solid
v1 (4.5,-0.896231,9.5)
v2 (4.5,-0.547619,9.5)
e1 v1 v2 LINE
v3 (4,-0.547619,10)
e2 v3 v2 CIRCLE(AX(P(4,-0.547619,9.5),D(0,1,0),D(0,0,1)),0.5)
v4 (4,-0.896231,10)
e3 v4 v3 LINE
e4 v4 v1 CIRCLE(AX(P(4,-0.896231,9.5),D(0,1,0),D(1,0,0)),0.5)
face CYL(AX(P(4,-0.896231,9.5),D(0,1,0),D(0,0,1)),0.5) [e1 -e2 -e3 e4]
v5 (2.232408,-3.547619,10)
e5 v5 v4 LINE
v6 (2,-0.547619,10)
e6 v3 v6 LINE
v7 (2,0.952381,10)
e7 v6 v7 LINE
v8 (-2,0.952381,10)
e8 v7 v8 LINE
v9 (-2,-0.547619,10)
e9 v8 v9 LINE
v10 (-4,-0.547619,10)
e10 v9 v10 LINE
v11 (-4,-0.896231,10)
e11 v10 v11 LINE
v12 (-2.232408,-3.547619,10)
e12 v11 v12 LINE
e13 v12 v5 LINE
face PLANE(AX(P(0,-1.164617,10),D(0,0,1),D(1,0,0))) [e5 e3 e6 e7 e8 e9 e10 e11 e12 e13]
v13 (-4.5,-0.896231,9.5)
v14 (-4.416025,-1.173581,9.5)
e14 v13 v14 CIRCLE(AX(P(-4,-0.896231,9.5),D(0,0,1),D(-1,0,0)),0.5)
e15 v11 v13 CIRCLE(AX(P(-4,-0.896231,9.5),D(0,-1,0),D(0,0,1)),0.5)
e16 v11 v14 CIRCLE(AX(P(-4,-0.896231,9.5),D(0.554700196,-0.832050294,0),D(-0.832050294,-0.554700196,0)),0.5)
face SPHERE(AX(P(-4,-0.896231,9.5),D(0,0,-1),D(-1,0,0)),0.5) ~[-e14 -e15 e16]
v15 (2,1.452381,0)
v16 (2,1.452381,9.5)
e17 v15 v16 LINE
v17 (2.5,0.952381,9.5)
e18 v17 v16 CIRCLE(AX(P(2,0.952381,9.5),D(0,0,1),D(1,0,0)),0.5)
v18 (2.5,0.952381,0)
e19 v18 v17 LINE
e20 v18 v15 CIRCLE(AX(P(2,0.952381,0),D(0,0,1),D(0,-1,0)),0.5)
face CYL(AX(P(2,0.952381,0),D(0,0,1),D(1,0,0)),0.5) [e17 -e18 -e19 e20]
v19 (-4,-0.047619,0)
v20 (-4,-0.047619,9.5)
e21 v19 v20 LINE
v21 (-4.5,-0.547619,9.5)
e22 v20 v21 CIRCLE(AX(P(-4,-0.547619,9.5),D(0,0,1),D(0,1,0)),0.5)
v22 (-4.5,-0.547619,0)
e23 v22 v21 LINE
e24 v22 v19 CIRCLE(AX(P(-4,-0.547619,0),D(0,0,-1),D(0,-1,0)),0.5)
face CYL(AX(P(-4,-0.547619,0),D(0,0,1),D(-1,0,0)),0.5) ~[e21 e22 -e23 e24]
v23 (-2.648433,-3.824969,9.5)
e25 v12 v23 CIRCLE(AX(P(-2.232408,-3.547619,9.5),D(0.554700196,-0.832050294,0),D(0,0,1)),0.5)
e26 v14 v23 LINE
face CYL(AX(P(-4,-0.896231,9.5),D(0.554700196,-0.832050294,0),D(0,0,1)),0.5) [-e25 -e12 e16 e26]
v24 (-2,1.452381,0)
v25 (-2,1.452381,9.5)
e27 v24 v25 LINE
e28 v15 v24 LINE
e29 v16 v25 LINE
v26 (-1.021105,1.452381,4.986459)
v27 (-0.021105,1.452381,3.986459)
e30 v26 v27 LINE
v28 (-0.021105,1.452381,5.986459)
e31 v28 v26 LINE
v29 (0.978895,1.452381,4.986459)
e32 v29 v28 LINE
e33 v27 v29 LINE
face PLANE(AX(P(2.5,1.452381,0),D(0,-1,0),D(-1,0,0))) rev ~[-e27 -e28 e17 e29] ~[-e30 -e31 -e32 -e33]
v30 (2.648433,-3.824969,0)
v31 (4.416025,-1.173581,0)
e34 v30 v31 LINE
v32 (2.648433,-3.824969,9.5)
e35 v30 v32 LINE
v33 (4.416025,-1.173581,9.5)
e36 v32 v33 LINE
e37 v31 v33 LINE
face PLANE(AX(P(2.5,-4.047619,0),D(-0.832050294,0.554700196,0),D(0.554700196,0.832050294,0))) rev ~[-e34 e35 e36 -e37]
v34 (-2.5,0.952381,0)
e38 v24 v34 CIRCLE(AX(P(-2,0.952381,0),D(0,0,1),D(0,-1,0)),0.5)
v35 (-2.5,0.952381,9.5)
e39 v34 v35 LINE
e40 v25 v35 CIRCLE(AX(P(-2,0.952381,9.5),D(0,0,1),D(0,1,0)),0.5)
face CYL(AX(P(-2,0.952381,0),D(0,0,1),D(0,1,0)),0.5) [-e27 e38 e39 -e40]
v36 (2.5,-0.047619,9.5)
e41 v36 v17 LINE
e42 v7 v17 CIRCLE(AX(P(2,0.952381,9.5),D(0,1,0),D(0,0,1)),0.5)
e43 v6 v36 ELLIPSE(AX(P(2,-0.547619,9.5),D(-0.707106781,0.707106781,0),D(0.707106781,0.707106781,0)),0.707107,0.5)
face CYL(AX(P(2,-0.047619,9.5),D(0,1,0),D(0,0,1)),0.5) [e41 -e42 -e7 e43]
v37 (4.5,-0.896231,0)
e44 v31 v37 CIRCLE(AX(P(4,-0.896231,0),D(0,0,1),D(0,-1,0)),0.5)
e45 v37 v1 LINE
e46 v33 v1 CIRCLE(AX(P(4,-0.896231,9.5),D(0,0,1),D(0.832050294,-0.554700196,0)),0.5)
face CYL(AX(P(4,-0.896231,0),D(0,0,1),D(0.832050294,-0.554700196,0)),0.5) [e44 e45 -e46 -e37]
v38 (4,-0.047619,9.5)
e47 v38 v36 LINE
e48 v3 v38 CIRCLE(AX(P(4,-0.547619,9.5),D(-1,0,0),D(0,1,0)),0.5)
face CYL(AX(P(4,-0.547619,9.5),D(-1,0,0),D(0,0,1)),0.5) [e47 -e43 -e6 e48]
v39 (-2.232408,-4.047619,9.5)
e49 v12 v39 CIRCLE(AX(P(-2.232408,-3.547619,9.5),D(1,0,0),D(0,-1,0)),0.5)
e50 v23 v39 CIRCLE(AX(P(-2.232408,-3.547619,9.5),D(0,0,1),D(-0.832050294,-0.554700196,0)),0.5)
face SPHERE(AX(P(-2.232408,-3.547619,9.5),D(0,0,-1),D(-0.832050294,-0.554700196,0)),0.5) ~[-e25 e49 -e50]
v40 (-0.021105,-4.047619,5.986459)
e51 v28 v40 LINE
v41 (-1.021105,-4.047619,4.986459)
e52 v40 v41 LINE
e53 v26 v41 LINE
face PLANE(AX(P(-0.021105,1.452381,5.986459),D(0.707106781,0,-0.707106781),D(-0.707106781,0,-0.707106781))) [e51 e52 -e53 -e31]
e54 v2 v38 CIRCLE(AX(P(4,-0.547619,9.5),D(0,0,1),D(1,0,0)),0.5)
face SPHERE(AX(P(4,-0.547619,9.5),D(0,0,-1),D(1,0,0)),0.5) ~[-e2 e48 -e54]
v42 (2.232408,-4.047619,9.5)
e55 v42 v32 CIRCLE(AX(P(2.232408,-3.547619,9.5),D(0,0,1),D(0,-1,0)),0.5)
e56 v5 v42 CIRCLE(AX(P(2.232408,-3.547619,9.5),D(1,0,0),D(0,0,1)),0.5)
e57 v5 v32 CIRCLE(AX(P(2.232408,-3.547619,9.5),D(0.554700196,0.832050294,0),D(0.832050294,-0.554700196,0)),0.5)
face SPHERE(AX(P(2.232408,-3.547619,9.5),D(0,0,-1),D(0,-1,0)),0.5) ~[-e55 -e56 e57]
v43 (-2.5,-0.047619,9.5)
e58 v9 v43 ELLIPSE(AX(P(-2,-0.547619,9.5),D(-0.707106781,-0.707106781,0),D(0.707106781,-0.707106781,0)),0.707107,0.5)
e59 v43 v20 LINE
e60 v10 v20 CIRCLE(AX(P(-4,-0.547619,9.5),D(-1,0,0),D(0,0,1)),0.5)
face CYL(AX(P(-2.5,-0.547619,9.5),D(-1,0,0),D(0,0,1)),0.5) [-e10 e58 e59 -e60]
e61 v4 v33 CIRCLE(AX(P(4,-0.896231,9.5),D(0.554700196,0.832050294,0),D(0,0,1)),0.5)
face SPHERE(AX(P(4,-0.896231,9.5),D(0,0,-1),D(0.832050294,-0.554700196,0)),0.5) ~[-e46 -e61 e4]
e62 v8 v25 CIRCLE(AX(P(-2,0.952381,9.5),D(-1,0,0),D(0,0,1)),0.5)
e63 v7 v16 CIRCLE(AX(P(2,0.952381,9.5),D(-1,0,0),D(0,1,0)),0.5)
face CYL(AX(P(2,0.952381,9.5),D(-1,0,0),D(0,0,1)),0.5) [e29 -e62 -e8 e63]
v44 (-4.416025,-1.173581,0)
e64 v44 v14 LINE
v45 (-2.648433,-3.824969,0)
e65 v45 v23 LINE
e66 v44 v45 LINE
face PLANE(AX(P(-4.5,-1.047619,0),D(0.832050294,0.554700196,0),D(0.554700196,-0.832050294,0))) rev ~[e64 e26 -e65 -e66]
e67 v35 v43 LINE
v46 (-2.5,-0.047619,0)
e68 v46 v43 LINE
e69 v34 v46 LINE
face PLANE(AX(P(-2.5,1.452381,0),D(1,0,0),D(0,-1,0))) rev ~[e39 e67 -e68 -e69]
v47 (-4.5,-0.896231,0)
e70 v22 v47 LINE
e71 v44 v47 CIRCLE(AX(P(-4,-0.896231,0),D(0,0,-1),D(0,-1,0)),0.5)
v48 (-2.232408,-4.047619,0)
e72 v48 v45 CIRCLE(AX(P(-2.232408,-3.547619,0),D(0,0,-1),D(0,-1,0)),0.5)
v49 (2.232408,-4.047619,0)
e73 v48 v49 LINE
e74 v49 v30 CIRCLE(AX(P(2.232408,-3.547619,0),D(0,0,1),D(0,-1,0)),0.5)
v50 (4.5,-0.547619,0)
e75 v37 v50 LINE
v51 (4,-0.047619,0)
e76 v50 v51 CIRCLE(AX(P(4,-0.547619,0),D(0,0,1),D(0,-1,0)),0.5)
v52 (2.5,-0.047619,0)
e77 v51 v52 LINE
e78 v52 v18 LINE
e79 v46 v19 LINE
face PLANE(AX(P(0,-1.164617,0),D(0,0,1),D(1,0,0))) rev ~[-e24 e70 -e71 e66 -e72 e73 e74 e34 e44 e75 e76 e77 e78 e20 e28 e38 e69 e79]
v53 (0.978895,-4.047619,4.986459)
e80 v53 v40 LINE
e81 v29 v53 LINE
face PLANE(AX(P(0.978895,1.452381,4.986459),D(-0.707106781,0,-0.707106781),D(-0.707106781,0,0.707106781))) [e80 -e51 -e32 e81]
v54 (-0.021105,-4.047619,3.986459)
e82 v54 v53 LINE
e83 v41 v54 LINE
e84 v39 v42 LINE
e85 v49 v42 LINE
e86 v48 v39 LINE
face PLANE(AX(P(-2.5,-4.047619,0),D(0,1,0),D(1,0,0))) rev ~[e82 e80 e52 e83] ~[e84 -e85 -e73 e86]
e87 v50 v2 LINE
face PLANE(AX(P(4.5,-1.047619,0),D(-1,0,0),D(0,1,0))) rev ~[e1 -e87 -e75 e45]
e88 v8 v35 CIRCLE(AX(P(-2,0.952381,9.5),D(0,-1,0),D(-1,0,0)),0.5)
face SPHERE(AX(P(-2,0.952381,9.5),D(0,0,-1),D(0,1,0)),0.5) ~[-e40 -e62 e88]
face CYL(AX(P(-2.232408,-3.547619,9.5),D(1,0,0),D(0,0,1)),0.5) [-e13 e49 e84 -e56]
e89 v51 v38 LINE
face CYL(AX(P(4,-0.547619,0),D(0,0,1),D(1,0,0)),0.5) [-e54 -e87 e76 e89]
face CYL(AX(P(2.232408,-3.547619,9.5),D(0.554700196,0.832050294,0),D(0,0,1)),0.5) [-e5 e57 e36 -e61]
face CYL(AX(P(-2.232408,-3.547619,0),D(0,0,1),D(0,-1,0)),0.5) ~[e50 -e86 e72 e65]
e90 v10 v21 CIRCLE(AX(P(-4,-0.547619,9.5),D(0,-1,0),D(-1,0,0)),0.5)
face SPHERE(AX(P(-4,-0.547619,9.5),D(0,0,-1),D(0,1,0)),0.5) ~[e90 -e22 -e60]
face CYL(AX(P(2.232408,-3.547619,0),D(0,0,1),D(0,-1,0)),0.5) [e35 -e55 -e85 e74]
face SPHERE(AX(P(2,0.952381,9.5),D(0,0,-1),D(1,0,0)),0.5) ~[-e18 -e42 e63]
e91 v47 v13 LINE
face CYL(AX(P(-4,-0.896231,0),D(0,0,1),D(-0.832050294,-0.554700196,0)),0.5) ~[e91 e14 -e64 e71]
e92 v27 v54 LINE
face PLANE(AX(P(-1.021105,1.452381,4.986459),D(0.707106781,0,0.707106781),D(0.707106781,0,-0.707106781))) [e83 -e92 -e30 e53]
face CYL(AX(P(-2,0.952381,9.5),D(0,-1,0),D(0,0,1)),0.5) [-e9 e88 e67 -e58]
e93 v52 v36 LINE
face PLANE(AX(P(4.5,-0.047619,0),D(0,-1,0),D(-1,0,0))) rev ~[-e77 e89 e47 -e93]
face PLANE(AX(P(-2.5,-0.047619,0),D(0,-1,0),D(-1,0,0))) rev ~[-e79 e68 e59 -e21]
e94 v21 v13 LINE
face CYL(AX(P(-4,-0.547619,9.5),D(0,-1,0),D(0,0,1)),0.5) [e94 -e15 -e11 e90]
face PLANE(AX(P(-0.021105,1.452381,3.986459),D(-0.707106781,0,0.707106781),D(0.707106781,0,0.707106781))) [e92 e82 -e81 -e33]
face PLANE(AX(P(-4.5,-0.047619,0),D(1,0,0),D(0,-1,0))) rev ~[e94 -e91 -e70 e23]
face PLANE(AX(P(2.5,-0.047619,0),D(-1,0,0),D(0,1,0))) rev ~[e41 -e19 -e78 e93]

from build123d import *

# Parameters (mm, degrees)
BOSS_EXTRUDE1_DEPTH = 10
CUT_EXTRUDE2_DEPTH  = 6.5
FILLET1_R           = 0.5
FILLET2_R           = 0.5


with BuildPart() as part:
    # Sketch1 → Boss-Extrude1 (new body)
    with BuildSketch(Plane.XY):
        Polygon((-2.5, -4.047619048), (2.5, -4.047619048), (4.5, -1.047619048), (4.5, -0.047619048), (2.5, -0.047619048), (2.5, 1.452380952), (-2.5, 1.452380952), (-2.5, -0.047619048), (-4.5, -0.047619048), (-4.5, -1.047619048), align=None)
    extrude(amount=BOSS_EXTRUDE1_DEPTH)

    # Sketch4 → Cut-Extrude2 (cut, through all)
    with BuildSketch(Plane(origin=(0, 1.452380952, 0), x_dir=(1, 0, 0), z_dir=(0, 1, 0))):
        Polygon((-1.021105314, -4.986458601), (-0.021105314, -3.986458601), (0.978894686, -4.986458601), (-0.021105314, -5.986458601), align=None)
    extrude(amount=-CUT_EXTRUDE2_DEPTH, mode=Mode.SUBTRACT)

    # Fillet1
    fillet1_edges = [part.edges().sort_by_distance(p)[0] for p in [
        (2.5, -4.047619048, 5),
        (-2.5, -4.047619048, 5),
        (-4.5, -1.047619048, 5),
        (-4.5, -0.047619048, 5),
        (-2.5, 1.452380952, 5),
        (2.5, 1.452380952, 5),
        (4.5, -0.047619048, 5),
        (4.5, -1.047619048, 5),
    ]]
    fillet(fillet1_edges, radius=FILLET1_R)

    # Fillet2
    fillet2_edges = [part.edges().sort_by_distance(p)[0] for p in [
        (2.5, 0.452380952, 10),
        (-3.25, -0.047619048, 10),
        (3.532229208, -2.499275236, 10),
        (0, -4.047619048, 10),
        (4.5, -0.721925138, 10),
        (3.25, -0.047619048, 10),
        (0, 1.452380952, 10),
        (-2.5, 0.452380952, 10),
        (-4.5, -0.721925138, 10),
        (-3.532229208, -2.499275236, 10),
        (-2.353553391, 1.305934343, 10),
        (-4.353553391, -0.194065657, 10),
        (-4.478546013, -1.041123303, 10),
        (2.353553391, 1.305934343, 10),
        (4.353553391, -0.194065657, 10),
        (4.478546013, -1.041123303, 10),
        (-2.468337084, -3.988456347, 10),
        (2.468337084, -3.988456347, 10),
    ]]
    fillet(fillet2_edges, radius=FILLET2_R)


solid = part.part
